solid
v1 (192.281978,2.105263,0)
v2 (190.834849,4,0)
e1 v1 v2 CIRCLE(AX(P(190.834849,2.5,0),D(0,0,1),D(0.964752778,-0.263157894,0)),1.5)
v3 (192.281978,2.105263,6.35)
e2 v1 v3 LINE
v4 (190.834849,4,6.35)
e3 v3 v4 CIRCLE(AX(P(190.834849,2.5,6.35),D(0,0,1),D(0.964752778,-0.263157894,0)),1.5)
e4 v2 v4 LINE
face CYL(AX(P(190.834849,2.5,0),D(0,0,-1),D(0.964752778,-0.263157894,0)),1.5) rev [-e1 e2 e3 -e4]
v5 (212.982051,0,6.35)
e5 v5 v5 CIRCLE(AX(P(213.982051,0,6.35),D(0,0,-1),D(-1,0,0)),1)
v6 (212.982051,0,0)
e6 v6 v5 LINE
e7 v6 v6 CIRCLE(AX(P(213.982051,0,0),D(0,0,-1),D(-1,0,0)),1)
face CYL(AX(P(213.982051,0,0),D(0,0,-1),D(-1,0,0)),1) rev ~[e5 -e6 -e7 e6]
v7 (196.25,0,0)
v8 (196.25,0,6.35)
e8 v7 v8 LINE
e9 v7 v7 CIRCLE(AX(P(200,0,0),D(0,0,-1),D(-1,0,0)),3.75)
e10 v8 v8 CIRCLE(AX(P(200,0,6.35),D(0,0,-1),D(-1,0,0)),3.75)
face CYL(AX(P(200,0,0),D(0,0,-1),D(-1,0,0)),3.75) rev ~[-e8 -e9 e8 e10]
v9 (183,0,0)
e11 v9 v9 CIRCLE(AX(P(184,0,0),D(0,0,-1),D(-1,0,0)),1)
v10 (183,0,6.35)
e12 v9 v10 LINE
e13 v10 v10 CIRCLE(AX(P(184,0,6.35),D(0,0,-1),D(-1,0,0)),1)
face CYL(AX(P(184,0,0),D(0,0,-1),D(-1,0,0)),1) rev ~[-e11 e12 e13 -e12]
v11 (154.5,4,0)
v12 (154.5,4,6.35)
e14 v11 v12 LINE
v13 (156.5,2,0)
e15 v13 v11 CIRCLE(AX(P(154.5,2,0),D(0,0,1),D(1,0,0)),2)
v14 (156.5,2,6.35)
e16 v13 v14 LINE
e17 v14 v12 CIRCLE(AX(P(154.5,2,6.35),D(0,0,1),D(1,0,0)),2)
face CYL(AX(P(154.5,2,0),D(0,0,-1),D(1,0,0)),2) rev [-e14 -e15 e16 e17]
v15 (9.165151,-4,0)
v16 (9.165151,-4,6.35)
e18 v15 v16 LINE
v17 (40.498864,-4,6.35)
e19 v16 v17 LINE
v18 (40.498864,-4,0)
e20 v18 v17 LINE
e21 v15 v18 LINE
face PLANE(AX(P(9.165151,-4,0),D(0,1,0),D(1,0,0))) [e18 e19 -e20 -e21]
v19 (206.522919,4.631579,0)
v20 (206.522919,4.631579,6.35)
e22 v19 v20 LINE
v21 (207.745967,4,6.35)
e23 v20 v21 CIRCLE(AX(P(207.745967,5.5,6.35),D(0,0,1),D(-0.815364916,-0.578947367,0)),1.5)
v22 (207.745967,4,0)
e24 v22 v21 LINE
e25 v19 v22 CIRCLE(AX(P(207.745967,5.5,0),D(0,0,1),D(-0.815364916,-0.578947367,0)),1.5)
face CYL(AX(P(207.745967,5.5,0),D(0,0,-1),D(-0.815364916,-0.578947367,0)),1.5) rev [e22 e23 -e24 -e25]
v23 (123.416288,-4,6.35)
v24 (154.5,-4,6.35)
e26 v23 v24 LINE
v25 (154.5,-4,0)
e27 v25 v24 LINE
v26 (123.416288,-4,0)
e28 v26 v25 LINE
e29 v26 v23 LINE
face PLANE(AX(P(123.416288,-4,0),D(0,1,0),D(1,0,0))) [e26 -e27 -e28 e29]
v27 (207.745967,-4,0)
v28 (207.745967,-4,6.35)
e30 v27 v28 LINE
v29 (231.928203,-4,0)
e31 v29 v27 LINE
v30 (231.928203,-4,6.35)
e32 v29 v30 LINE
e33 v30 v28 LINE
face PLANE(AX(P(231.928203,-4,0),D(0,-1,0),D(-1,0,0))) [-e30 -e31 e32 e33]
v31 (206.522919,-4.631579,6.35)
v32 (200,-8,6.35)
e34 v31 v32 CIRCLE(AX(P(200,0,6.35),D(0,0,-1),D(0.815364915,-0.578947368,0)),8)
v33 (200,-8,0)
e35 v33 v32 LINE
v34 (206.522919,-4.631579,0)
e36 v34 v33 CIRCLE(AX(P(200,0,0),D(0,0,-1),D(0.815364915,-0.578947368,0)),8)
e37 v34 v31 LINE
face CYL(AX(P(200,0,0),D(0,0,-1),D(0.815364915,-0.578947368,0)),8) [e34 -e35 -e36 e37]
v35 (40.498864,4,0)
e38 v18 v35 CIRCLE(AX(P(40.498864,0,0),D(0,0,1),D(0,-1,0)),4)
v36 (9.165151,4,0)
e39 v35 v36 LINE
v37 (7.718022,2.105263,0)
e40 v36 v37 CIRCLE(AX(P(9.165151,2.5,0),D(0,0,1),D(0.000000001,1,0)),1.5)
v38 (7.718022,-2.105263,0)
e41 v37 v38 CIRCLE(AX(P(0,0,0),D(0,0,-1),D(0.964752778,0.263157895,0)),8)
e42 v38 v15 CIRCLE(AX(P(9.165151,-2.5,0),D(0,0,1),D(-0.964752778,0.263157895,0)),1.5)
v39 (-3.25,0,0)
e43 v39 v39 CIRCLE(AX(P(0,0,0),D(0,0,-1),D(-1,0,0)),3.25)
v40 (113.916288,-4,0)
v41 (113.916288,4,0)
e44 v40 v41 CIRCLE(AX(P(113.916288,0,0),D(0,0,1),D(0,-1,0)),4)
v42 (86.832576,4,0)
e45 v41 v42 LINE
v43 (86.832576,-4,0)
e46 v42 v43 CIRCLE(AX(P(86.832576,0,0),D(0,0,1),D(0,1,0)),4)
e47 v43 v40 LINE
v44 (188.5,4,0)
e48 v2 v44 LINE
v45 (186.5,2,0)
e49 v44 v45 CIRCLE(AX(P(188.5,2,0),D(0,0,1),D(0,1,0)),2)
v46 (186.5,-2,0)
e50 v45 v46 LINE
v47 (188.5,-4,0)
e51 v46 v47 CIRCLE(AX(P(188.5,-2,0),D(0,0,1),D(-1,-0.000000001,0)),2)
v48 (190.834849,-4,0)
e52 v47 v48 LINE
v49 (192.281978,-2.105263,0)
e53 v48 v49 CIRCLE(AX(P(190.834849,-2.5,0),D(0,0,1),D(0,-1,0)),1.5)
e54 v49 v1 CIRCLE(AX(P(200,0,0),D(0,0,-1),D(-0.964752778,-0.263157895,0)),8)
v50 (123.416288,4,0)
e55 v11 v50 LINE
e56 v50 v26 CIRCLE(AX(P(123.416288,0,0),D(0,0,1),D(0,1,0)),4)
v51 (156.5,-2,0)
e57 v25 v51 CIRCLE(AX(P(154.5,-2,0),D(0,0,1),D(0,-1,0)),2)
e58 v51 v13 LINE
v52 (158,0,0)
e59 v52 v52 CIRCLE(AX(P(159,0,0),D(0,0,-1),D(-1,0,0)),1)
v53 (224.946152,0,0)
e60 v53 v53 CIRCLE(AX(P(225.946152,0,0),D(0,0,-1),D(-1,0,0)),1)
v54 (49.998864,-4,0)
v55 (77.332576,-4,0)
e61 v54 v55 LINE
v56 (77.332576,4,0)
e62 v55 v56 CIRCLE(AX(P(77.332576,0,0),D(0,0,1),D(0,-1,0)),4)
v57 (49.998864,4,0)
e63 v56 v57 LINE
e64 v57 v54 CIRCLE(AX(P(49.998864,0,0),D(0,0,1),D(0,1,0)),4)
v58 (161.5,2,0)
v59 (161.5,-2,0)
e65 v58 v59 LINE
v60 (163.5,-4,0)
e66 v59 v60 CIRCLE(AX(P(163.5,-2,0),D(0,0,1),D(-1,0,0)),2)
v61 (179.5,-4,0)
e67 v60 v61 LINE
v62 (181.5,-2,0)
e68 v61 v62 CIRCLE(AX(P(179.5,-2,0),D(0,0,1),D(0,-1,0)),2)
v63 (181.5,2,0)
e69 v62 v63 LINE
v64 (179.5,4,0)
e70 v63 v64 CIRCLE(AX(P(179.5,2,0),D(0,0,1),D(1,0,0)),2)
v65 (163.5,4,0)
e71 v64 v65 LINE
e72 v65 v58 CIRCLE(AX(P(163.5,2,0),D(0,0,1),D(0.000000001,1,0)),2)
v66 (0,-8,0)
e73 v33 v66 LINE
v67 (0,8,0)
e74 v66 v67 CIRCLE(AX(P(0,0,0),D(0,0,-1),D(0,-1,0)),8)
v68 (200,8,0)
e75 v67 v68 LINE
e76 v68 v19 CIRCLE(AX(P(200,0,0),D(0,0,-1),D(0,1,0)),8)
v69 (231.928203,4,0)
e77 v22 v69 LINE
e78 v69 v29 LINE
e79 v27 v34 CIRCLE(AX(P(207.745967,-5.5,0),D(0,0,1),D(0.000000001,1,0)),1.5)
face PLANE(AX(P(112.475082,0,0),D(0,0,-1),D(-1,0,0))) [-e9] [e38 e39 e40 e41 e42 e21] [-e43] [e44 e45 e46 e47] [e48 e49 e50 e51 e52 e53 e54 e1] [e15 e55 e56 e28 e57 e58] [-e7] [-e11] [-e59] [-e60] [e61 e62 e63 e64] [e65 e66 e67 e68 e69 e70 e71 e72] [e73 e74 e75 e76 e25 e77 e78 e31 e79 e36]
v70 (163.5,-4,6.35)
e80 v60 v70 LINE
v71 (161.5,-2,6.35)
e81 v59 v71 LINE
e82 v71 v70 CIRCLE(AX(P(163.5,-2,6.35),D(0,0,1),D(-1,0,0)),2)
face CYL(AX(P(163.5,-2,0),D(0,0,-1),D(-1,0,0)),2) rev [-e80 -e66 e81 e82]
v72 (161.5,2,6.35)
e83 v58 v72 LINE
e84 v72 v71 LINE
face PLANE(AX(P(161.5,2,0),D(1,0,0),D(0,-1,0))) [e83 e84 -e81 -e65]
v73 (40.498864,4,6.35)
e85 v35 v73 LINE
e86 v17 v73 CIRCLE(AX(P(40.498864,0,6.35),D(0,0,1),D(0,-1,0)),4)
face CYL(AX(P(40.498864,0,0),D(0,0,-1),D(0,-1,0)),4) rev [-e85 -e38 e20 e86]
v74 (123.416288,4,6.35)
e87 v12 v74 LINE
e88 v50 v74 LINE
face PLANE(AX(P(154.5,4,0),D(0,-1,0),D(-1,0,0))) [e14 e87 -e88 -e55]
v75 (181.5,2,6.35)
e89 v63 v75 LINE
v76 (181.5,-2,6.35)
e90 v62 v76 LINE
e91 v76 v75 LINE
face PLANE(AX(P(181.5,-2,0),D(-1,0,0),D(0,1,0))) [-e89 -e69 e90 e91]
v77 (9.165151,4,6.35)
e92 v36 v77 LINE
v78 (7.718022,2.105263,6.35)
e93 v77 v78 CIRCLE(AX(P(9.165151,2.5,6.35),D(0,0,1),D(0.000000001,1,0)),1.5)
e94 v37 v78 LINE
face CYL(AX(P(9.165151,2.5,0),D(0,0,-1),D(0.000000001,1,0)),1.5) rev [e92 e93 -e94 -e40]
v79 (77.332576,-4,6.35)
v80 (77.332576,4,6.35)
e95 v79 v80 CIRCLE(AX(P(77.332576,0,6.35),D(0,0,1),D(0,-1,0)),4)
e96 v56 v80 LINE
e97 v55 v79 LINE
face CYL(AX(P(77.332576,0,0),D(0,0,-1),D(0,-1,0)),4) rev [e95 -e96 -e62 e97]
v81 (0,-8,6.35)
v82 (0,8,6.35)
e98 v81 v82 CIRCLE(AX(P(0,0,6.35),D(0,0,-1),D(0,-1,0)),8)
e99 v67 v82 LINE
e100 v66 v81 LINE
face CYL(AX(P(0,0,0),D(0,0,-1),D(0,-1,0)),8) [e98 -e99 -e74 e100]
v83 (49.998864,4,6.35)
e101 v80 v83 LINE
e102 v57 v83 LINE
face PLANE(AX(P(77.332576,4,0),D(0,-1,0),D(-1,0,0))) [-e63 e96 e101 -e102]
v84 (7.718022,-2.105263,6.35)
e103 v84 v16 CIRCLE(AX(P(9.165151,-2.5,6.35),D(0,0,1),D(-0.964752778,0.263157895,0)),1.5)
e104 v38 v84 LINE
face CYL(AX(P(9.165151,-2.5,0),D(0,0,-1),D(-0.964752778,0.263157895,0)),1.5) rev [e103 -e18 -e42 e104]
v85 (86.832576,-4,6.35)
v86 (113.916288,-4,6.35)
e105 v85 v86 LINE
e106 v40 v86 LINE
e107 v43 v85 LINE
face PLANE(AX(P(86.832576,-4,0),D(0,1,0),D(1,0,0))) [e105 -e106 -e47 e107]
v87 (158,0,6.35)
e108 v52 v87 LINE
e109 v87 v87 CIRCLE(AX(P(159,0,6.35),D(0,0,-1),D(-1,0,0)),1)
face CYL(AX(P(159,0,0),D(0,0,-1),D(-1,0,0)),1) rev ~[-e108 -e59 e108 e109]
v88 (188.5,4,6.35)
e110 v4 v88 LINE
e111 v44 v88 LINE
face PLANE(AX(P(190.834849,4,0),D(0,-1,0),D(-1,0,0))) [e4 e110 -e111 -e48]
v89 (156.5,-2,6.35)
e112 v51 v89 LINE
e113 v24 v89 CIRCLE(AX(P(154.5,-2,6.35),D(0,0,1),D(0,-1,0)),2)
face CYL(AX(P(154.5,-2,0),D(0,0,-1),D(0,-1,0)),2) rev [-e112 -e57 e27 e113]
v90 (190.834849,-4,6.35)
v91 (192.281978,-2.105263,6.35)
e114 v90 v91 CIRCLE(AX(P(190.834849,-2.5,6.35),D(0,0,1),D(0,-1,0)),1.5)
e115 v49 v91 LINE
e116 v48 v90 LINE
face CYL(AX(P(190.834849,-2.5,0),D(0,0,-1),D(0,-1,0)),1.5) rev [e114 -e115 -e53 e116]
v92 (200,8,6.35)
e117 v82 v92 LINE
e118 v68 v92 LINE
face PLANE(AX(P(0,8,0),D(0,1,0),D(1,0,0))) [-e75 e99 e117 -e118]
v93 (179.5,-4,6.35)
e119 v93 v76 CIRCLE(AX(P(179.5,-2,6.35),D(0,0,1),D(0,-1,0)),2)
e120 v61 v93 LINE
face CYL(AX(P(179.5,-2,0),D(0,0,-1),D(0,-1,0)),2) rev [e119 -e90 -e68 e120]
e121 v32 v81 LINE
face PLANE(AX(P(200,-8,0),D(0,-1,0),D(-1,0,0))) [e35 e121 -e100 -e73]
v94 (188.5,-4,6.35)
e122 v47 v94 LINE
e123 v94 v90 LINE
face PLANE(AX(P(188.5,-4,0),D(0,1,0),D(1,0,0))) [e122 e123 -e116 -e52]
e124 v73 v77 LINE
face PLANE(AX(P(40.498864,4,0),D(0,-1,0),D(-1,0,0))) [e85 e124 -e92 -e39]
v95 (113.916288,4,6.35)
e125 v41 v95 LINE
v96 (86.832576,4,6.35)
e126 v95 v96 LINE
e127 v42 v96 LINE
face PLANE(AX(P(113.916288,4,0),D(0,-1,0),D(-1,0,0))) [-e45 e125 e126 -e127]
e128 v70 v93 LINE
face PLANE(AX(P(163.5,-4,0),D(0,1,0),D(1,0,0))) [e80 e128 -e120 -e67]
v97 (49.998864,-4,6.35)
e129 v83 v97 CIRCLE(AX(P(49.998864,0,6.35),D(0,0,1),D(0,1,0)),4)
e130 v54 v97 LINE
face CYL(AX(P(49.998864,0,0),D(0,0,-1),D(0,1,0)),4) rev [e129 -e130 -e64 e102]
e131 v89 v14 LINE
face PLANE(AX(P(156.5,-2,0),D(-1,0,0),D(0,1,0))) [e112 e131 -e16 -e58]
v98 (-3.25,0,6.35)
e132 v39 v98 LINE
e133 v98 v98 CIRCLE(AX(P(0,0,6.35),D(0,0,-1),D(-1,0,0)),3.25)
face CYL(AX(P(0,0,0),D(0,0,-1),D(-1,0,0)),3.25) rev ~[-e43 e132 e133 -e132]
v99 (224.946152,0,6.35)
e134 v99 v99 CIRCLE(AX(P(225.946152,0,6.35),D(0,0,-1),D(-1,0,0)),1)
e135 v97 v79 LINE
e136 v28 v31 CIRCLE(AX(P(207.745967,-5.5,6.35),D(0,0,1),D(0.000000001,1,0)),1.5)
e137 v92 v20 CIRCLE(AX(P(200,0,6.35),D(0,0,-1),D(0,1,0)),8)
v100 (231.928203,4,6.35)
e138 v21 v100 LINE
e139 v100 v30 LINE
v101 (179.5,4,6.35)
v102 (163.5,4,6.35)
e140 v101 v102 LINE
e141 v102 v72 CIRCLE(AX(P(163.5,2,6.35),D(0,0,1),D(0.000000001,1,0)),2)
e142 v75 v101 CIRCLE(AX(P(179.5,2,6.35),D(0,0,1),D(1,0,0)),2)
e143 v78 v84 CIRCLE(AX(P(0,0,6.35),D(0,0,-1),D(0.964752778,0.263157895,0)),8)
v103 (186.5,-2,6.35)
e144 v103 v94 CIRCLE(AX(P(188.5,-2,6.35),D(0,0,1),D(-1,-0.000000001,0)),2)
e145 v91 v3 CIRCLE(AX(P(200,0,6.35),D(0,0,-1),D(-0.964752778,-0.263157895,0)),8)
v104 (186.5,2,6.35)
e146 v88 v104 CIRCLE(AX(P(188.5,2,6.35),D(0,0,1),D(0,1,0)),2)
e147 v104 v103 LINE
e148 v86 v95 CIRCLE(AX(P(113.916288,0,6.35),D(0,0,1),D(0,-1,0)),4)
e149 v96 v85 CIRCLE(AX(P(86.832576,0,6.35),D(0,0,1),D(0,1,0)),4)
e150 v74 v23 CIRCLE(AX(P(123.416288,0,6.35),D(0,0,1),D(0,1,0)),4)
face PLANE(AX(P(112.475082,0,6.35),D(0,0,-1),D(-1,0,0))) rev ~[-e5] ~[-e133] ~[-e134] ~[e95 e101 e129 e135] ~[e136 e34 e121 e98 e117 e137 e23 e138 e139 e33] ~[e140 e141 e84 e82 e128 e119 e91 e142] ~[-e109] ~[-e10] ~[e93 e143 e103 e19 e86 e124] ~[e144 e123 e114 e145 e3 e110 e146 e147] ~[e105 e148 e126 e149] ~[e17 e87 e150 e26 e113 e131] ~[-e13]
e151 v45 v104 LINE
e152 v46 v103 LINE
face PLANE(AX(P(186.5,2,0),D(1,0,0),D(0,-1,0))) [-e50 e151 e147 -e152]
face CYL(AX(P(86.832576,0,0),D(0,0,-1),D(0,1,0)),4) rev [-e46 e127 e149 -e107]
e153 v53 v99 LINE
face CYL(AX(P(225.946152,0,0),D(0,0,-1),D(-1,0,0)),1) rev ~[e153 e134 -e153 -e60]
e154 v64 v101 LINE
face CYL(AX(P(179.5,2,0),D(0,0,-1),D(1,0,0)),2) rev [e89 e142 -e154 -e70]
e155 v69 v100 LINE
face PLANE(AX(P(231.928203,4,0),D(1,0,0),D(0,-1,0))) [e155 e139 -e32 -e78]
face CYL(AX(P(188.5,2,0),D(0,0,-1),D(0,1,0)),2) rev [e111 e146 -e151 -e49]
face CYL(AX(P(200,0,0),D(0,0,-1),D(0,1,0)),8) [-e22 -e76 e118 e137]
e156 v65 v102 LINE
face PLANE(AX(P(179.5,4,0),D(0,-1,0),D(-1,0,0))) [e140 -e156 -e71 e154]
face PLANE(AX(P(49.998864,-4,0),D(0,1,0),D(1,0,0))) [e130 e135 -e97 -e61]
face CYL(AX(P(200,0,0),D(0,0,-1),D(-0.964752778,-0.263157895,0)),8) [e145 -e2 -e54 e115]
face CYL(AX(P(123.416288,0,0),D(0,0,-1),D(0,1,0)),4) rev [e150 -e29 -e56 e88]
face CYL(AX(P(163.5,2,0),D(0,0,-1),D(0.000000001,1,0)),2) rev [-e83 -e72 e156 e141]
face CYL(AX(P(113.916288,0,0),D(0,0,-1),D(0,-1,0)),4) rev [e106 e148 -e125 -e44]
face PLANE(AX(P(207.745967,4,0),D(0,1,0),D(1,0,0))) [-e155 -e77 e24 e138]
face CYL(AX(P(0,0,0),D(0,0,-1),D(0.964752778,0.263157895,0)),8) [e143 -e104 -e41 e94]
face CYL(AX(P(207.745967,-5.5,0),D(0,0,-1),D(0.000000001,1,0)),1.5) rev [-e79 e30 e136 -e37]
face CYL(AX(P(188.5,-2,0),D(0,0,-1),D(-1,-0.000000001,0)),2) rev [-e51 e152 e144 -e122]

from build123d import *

# Parameters (mm, degrees)
SKETCH1_R           = 1
SKETCH1_R_2         = 3.25
SKETCH1_R_3         = 3.75
BOSS_EXTRUDE1_DEPTH = 6.35


with BuildPart() as part:
    # Sketch1 → Boss-Extrude1 (new body)
    with BuildSketch(Plane(origin=(0, 0, 0), x_dir=(-1, 0, 0), z_dir=(0, 0, -1))):
        with BuildLine():
            Line((0, 8), (-200, 8))
            ThreePointArc((-200, 8), (-203.670651742, 7.108186533), (-206.52291932, 4.631578948))
            ThreePointArc((-206.52291932, 4.631578948), (-207.05771949, 4.167215025), (-207.745966692, 4))
            Line((-207.745966692, 4), (-231.92820323, 4))
            Line((-231.92820323, 4), (-231.92820323, -4))
            Line((-231.92820323, -4), (-207.745966692, -4))
            ThreePointArc((-207.745966692, -4), (-207.05771949, -4.167215025), (-206.52291932, -4.631578947))
            ThreePointArc((-206.52291932, -4.631578947), (-203.670651742, -7.108186533), (-200, -8))
            Line((-200, -8), (0, -8))
            ThreePointArc((0, -8), (8, 0), (0, 8))
        make_face()
        with Locations((-159, 0)):
            Circle(SKETCH1_R, mode=Mode.SUBTRACT)
        with Locations((-184, 0)):
            Circle(SKETCH1_R, mode=Mode.SUBTRACT)
        Circle(SKETCH1_R_2, mode=Mode.SUBTRACT)
        with Locations((-200, 0)):
            Circle(SKETCH1_R_3, mode=Mode.SUBTRACT)
        with Locations((-213.982050808, 0)):
            Circle(SKETCH1_R, mode=Mode.SUBTRACT)
        with Locations((-225.946152423, 0)):
            Circle(SKETCH1_R, mode=Mode.SUBTRACT)
        with BuildLine():
            Line((-186.499999983, 1.999999984), (-186.499999983, -1.999999983))
            ThreePointArc((-186.499999983, -1.999999983), (-187.085786426, -3.414213557), (-188.5, -4))
            Line((-188.5, -4), (-190.83484861, -4))
            ThreePointArc((-190.83484861, -4), (-192.026927731, -3.410465468), (-192.281977777, -2.105263158))
            ThreePointArc((-192.281977777, -2.105263158), (-192, 0), (-192.281977777, 2.105263158))
            ThreePointArc((-192.281977777, 2.105263158), (-192.026927731, 3.410465468), (-190.83484861, 4))
            Line((-190.83484861, 4), (-188.5, 4))
            ThreePointArc((-188.5, 4), (-187.085786426, 3.414213558), (-186.499999983, 1.999999984))
        make_face(mode=Mode.SUBTRACT)
        with BuildLine():
            Line((-181.499999977, -2.000000023), (-181.499999977, 2.000000023))
            ThreePointArc((-181.499999977, 2.000000023), (-180.914213546, 3.414213569), (-179.5, 4))
            Line((-179.5, 4), (-163.5, 4))
            ThreePointArc((-163.5, 4), (-162.085786447, 3.414213567), (-161.500000014, 2.000000014))
            Line((-161.500000014, 2.000000014), (-161.500000014, -2.000000014))
            ThreePointArc((-161.500000014, -2.000000014), (-162.085786447, -3.414213566), (-163.5, -4))
            Line((-163.5, -4), (-179.5, -4))
            ThreePointArc((-179.5, -4), (-180.914213546, -3.414213569), (-181.499999977, -2.000000023))
        make_face(mode=Mode.SUBTRACT)
        with BuildLine():
            Line((-49.998863542, -4), (-77.332575695, -4))
            ThreePointArc((-77.332575695, -4), (-81.332575695, 0), (-77.332575695, 4))
            Line((-77.332575695, 4), (-49.998863542, 4))
            ThreePointArc((-49.998863542, 4), (-45.998863542, 0), (-49.998863542, -4))
        make_face(mode=Mode.SUBTRACT)
        with BuildLine():
            Line((-123.416287847, -4), (-154.5, -4))
            ThreePointArc((-154.5, -4), (-155.914213568, -3.41421356), (-156.500000008, -1.999999992))
            Line((-156.500000008, -1.999999992), (-156.500000008, 1.999999992))
            ThreePointArc((-156.500000008, 1.999999992), (-155.914213568, 3.41421356), (-154.5, 4))
            Line((-154.5, 4), (-123.416287847, 4))
            ThreePointArc((-123.416287847, 4), (-119.416287847, 0), (-123.416287847, -4))
        make_face(mode=Mode.SUBTRACT)
        with BuildLine():
            Line((-113.916287847, 4), (-86.832575695, 4))
            ThreePointArc((-86.832575695, 4), (-82.832575695, 0), (-86.832575695, -4))
            Line((-86.832575695, -4), (-113.916287847, -4))
            ThreePointArc((-113.916287847, -4), (-117.916287847, 0), (-113.916287847, 4))
        make_face(mode=Mode.SUBTRACT)
        with BuildLine():
            Line((-40.498863542, 4), (-9.16515139, 4))
            ThreePointArc((-9.16515139, 4), (-7.973072268, 3.410465468), (-7.718022223, 2.105263158))
            ThreePointArc((-7.718022223, 2.105263158), (-8, 0), (-7.718022223, -2.105263158))
            ThreePointArc((-7.718022223, -2.105263158), (-7.973072268, -3.410465468), (-9.16515139, -4))
            Line((-9.16515139, -4), (-40.498863542, -4))
            ThreePointArc((-40.498863542, -4), (-44.498863542, 0), (-40.498863542, 4))
        make_face(mode=Mode.SUBTRACT)
    extrude(amount=-BOSS_EXTRUDE1_DEPTH)


solid = part.part
